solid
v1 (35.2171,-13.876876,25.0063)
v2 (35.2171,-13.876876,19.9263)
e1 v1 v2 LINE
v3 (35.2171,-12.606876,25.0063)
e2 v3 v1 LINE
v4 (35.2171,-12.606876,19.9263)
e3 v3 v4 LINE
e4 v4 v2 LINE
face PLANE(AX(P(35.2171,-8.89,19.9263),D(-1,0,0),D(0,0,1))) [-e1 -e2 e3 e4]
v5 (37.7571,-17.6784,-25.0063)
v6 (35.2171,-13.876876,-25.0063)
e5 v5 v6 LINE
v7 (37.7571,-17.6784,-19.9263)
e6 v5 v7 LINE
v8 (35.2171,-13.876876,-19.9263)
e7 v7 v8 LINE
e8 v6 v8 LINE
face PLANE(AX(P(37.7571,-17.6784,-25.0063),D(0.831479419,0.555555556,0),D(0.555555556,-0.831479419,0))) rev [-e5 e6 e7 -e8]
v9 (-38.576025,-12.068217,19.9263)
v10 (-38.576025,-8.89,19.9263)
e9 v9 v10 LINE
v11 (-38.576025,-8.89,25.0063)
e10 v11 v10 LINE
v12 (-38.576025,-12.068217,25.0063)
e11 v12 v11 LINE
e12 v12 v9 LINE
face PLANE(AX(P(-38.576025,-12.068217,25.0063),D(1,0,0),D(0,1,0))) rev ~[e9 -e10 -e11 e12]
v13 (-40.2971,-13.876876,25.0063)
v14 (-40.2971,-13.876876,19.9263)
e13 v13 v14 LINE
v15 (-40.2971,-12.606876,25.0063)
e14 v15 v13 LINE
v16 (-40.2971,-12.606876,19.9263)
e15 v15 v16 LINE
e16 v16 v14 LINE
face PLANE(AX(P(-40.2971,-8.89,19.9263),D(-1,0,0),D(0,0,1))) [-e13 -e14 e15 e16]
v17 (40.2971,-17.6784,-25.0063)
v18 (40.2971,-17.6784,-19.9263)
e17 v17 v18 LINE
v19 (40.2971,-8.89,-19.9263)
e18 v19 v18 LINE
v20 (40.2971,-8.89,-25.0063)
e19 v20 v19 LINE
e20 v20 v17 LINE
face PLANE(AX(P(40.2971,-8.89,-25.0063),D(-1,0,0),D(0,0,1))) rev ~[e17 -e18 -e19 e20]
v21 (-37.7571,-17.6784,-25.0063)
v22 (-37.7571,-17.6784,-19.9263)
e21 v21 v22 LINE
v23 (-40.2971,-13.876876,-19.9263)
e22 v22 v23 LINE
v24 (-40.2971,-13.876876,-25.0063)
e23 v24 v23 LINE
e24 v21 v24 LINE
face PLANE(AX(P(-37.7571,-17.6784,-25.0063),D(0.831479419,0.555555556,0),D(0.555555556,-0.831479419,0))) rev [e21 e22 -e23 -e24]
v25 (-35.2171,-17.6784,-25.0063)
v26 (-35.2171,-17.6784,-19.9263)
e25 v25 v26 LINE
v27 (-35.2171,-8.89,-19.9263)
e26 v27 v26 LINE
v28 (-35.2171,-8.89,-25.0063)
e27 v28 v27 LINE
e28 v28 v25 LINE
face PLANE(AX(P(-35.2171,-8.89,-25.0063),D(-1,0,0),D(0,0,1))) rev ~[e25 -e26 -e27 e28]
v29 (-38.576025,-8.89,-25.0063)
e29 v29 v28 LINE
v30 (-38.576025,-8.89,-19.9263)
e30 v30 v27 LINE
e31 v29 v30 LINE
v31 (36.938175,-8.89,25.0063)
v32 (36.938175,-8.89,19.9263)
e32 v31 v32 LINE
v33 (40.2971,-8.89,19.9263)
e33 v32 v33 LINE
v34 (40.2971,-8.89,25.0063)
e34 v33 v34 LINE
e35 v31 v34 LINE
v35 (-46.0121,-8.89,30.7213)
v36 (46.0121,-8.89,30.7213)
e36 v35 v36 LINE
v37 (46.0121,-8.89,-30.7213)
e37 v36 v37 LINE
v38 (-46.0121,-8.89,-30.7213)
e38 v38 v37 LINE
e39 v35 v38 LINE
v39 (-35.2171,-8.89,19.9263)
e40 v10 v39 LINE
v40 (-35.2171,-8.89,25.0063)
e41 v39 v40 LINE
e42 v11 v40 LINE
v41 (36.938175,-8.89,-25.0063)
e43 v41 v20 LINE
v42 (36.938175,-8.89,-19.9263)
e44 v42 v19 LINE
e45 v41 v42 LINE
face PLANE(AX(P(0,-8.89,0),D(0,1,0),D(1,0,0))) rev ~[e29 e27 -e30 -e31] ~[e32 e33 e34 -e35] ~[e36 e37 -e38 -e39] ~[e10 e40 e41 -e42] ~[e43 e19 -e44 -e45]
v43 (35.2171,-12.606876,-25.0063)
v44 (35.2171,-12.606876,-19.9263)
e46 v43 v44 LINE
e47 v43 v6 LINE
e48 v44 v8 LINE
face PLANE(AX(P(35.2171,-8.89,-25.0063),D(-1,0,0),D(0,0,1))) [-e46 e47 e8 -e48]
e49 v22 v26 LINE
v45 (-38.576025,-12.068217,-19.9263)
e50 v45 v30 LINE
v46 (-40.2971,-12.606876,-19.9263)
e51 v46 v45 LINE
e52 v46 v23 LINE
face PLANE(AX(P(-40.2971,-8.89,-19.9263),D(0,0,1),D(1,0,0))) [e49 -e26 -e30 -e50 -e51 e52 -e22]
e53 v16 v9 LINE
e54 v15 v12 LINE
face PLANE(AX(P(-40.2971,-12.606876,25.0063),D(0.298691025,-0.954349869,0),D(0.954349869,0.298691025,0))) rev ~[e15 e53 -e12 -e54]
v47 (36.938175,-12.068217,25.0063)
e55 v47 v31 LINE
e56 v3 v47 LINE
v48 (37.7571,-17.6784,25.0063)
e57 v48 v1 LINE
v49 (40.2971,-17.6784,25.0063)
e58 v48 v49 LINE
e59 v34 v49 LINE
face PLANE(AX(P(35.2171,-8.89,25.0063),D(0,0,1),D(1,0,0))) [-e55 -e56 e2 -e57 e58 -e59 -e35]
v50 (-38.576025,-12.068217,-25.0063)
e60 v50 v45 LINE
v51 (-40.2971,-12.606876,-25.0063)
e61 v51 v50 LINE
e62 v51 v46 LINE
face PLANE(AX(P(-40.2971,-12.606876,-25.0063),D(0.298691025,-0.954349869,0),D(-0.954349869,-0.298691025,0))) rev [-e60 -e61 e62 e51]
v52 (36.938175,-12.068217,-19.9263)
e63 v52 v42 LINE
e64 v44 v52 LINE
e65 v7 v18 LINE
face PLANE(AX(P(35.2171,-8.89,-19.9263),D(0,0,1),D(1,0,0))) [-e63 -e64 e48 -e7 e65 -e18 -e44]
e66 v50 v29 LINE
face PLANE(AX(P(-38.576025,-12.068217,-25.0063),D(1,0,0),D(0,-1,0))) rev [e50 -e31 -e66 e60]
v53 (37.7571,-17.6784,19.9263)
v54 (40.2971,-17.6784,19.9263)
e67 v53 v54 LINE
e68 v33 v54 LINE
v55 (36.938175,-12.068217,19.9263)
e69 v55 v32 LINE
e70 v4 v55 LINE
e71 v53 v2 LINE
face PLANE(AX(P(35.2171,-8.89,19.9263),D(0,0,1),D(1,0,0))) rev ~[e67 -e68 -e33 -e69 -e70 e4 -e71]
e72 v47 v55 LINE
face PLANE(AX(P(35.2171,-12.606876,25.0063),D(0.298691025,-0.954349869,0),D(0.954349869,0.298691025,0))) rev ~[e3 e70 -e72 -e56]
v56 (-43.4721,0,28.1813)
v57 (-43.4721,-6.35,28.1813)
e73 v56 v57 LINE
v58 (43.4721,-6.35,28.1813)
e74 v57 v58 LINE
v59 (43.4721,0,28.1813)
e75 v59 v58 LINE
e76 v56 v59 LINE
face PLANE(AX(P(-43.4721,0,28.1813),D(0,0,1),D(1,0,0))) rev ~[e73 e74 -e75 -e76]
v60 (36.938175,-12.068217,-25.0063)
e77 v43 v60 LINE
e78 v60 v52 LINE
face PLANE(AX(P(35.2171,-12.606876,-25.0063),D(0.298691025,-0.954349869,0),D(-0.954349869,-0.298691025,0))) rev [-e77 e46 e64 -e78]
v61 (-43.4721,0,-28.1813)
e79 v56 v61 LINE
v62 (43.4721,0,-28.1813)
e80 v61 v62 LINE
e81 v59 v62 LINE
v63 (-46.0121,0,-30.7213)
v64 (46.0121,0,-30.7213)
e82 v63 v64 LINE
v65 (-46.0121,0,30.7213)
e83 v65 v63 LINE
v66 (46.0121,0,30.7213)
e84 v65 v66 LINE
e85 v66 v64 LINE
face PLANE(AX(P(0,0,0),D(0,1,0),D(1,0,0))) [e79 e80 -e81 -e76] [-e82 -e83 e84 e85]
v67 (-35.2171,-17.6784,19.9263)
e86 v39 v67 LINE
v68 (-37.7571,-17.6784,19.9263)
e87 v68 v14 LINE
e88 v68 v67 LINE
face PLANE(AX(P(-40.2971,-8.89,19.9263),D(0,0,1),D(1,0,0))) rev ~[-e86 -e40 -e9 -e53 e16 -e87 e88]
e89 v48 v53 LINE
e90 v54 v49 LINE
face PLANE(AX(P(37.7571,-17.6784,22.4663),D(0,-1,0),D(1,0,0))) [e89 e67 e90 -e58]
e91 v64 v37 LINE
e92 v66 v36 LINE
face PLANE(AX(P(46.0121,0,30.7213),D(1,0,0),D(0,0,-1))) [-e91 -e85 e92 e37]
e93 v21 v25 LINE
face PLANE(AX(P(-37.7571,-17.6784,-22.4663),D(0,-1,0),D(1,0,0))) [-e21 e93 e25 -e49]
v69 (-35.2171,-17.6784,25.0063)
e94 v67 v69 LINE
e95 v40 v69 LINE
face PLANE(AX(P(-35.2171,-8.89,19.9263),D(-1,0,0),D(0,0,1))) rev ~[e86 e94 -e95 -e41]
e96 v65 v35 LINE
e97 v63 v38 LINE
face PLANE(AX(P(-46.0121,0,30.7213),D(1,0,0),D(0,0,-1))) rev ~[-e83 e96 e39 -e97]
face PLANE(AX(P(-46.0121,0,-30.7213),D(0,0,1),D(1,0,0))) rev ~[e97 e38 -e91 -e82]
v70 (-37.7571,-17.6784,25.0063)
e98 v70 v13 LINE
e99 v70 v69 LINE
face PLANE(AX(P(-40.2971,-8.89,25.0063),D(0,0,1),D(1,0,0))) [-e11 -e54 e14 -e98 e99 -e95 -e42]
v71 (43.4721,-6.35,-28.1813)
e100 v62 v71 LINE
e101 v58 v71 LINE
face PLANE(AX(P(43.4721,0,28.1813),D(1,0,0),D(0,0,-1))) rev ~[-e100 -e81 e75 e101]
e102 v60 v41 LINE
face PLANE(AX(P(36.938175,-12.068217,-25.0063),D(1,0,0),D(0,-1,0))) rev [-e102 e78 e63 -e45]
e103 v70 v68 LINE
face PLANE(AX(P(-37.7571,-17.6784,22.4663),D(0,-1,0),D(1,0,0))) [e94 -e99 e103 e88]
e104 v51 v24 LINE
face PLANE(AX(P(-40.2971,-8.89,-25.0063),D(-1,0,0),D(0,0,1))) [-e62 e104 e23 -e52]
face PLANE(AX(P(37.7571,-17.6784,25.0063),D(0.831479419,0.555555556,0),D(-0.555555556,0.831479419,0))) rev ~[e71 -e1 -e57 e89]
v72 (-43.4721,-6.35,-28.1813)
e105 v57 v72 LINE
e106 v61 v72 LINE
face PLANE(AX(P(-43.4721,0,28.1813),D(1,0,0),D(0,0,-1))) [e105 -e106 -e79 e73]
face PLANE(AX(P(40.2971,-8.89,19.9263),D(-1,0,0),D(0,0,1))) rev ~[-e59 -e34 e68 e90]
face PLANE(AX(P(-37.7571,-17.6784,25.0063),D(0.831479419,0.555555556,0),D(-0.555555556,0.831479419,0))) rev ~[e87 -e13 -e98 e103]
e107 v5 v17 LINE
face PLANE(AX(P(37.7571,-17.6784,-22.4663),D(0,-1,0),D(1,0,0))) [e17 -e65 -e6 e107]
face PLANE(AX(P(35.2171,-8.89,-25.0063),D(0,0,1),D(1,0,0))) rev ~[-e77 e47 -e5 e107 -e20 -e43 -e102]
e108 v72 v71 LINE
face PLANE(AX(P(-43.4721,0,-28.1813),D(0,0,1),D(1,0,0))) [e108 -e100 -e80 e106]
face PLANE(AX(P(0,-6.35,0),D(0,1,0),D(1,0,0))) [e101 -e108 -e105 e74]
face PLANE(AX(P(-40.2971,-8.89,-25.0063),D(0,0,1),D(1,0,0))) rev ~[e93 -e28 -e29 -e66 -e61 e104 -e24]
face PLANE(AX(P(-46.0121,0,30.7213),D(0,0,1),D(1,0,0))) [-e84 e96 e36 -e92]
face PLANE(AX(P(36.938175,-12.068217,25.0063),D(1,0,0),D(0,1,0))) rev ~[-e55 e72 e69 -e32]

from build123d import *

# Parameters (mm, degrees)
SKETCH1_W           = 92.0242
SKETCH1_H           = 61.4426
BOSS_EXTRUDE1_DEPTH = 8.89
SKETCH2_W           = 86.9442
SKETCH2_H           = 56.3626
CUT_EXTRUDE4_DEPTH  = 6.35
SKETCH3_W           = 5.08
SKETCH3_H           = 5.08
BOSS_EXTRUDE2_DEPTH = 8.7884
CUT_EXTRUDE5_DEPTH  = 5.08


with BuildPart() as part:
    # Sketch1 → Boss-Extrude1 (new body)
    with BuildSketch(Plane(origin=(0, 0, 0), x_dir=(1, 0, 0), z_dir=(0, 1, 0))):
        Rectangle(SKETCH1_W, SKETCH1_H)
    extrude(amount=-BOSS_EXTRUDE1_DEPTH)

    # Sketch2 → Cut-Extrude4 (cut)
    with BuildSketch(Plane(origin=(0, 0, 0), x_dir=(1, 0, 0), z_dir=(0, 1, 0))):
        Rectangle(SKETCH2_W, SKETCH2_H)
    extrude(amount=-CUT_EXTRUDE4_DEPTH, mode=Mode.SUBTRACT)

    # Sketch3 → Boss-Extrude2 (add)
    with BuildSketch(Plane.XZ.offset(8.89)):
        with Locations((37.7571, -22.4663)):
            Rectangle(SKETCH3_W, SKETCH3_H)
        with Locations((-37.7571, 22.4663)):
            Rectangle(SKETCH3_W, SKETCH3_H)
        with Locations((-37.7571, -22.4663)):
            Rectangle(SKETCH3_W, SKETCH3_H)
        with Locations((37.7571, 22.4663)):
            Rectangle(SKETCH3_W, SKETCH3_H)
    extrude(amount=BOSS_EXTRUDE2_DEPTH)

    # Sketch4 → Cut-Extrude5 (cut)
    with BuildSketch(Plane.XY.offset(25.0063)):
        Polygon((35.2171, -13.876876095), (35.2171, -17.6784), (37.7571, -17.6784), align=None)
        Polygon((35.2171, -8.89), (35.2171, -12.606876095), (36.938174553, -12.068216701), (36.938174553, -8.89), align=None)
        Polygon((-37.7571, -17.6784), (-40.2971, -13.876876095), (-40.2971, -17.6784), align=None)
        Polygon((-38.576025447, -12.068216701), (-38.576025447, -8.89), (-40.2971, -8.89), (-40.2971, -12.606876095), align=None)
    cut_extrude5 = extrude(amount=-CUT_EXTRUDE5_DEPTH, mode=Mode.SUBTRACT)

    # Mirror1: Cut-Extrude5 across plane
    add(cut_extrude5.mirror(Plane.XY), mode=Mode.SUBTRACT)


solid = part.part
